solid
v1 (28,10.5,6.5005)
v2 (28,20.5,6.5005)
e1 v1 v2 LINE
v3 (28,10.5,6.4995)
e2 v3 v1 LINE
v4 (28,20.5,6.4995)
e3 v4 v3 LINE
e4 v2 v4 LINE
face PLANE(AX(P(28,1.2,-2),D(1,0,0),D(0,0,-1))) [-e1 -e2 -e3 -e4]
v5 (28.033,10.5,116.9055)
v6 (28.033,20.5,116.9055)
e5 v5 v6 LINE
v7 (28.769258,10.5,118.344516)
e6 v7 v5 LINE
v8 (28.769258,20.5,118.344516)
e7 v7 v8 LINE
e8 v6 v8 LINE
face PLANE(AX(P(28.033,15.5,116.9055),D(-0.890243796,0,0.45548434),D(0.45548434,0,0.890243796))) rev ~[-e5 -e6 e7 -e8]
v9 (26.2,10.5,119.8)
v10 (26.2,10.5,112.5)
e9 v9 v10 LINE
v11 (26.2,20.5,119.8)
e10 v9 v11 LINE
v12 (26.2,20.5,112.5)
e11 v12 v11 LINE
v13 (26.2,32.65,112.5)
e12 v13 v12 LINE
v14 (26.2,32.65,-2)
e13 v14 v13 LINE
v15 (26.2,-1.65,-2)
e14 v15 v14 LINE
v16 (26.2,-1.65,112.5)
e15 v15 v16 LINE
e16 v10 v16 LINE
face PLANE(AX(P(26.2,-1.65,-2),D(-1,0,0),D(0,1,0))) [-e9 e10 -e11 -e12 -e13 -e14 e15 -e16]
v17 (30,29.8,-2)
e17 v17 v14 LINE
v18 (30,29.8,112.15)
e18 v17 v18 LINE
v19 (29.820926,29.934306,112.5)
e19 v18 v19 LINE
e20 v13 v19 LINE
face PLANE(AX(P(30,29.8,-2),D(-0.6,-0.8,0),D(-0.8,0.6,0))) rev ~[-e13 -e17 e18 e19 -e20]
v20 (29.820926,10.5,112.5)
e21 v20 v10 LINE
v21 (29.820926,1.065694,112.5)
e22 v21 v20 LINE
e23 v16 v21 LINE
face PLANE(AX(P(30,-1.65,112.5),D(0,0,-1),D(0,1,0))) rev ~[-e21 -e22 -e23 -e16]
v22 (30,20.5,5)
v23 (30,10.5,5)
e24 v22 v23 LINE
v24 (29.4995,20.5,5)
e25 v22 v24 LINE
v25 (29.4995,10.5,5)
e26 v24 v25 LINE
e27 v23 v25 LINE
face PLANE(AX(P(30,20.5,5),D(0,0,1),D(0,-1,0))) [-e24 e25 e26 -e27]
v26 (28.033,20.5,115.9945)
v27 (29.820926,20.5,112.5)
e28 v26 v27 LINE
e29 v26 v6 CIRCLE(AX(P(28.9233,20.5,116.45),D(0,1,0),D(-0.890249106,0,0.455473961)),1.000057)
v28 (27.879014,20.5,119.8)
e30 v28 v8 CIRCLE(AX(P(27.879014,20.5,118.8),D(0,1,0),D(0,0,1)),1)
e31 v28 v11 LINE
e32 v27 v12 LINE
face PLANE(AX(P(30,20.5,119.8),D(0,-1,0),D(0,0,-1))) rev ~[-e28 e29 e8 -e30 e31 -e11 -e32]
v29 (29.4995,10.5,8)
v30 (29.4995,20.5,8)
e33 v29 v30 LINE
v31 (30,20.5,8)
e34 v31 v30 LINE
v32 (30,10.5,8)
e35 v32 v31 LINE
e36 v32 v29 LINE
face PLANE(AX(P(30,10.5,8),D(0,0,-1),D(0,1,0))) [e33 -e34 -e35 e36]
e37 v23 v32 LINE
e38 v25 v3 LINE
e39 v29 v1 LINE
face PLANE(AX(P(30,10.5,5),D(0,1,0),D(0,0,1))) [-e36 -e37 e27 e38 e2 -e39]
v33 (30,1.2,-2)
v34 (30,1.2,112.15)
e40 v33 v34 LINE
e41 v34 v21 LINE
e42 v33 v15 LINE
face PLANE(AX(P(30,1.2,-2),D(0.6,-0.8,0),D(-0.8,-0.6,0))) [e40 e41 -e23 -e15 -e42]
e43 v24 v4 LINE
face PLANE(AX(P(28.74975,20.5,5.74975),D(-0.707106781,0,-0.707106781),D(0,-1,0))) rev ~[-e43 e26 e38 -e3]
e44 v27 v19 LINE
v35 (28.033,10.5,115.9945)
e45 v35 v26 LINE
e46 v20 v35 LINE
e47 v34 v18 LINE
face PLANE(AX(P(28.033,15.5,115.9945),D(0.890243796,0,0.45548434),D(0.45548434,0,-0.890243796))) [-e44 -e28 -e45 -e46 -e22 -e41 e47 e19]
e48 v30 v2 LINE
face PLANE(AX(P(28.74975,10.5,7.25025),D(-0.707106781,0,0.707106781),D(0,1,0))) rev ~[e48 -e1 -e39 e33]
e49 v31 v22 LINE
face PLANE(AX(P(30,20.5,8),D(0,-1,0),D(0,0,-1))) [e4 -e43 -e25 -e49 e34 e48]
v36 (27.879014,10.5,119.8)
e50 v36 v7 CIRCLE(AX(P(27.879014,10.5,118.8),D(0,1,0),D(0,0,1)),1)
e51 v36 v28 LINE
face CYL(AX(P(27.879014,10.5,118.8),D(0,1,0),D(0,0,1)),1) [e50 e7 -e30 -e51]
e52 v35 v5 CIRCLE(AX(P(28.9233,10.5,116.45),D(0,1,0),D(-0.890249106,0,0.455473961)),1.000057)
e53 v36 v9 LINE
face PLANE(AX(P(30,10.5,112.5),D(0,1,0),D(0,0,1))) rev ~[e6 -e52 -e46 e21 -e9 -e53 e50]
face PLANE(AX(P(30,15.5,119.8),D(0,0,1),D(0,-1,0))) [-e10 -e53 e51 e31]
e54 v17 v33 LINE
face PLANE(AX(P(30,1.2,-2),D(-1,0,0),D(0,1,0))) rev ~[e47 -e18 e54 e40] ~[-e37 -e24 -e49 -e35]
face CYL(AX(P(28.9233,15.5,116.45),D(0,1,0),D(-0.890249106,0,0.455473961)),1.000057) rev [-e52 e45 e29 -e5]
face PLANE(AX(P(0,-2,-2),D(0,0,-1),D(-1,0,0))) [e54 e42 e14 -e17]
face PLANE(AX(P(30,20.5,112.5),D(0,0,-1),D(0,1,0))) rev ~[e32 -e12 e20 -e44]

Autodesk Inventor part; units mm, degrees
ref_plane "YZ Plane" through (0, 0, 0) normal (1, 0, 0) x (0, 1, 0)
ref_plane "Work Plane3" through (0, -2, -2) normal (0, 0, -1) x (-1, 0, 0)
sketch "Sketch4" plane through (0, -2, -2) normal (0, 0, -1) x (-1, 0, 0)
  line L0 (-30, 2) -> (-30, 3) projected
  line L1 (3, -2) -> (-26, -2) projected
  line L2 (7, 2) -> (7, 33) projected
  line L3 (3, 37) -> (-26, 37) projected
  line L4 (-27, 17.5) -> (-42, 17.5)
  line L5 (-30, 3.2) -> (-26, 0.2)
  line L6 (-26.2, 0.2) -> (-26.2, 17.5)
  line L7 (-30, 3.2) -> (-30, 17.5)
  line L8 (-30, 31.8) -> (-26, 34.8)
  line L9 (-26.2, 34.8) -> (-26.2, 17.5)
  line L10 (-30, 31.8) -> (-30, 17.5)
  arc A0 (3, -2) -> (7, 2) centre (3, 2) ccw projected
  arc A1 (7, 33) -> (3, 37) centre (3, 33) ccw projected
  arc A2 (-26, 37) -> (-30, 33) centre (-26, 33) ccw projected
  arc A3 (-30, 2) -> (-26, -2) centre (-26, 2) ccw projected
  line L11 (-30, 32) -> (-30, 33) projected
  line L12 (-26, 35) -> (-26, 0) projected
  line L13 (-26, 0) -> (-30, 3) projected
  line L14 (-26.2, 3.2) -> (-25.2, 3.2)
  line L15 (-25.2, 3.2) -> (-25.2, 17.5)
  line L16 (-26.2, 31.8) -> (-25.2, 31.8)
  line L17 (-25.2, 31.8) -> (-25.2, 17.5)
  line L18 (-30, 32) -> (-26, 35) projected
  circle A4 centre (-11.5, 17.5) radius 8 projected
  point P0 (0, 2)
  point P1 (-26.2, 0.35)
  point P2 (-26.2, 34.65)
  point P3 (-26.2, 31.8)
  dimension "d55" = 1
  dimension "d56" = 4
  dimension "d57" = 3
  dimension "d58" = 0.2
  dimension "d59" = 3.8
extrude "Whole Cover" add sketch "Sketch4" against normal blind 122 contours L5 L7 L10 L8 L9 L6
ref_plane "Work Plane4" through (0, 15.5, 120) normal (0, -1, 0) x (0, 0, -1)
sketch "Sketch5" plane through (0, 15.5, 120) normal (0, -1, 0) x (0, 0, -1)
  line L0 (122, 30) -> (0, 30) projected
  line L1 (122, 26.2) -> (0, 26.2) projected
  line L2 (0, 26.2) -> (0, 30)
  line L3 (7.85, 30) -> (-0.75, 30)
  line L4 (3.55, 30) -> (3.55, 27.8)
  line L5 (3.0945, 28.033) -> (-0.75, 30)
  line L6 (4.0055, 28.033) -> (7.85, 30)
  arc A0 (3.0945, 28.033) -> (4.0055, 28.033) centre (3.55, 28.9233) ccw
  point P0 (120, 0)
  point P1 (0, 29.6163)
  point P2 (0, 30)
  dimension "d45" = 8.6
  dimension "d47" = 2.2
  dimension "d48" = 1
extrude "Snap fit" cut sketch "Sketch5" along normal through all both and the other way through all
sketch "Sketch6" plane through (30, 1.2, -2) normal (1, 0, 0) x (0, 0, -1)
  line L0 (0, -2.85) -> (0, 31.45) projected
  line L1 (0, 14.3) -> (-7, 14.3) construction
  line L2 (-7, 9.3) -> (-10, 9.3)
  line L3 (-10, 9.3) -> (-10, 19.3)
  line L4 (-10, 19.3) -> (-7, 19.3)
  line L5 (-7, 19.3) -> (-7, 9.3)
  point P0 (-2, -1.2)
  dimension "d15" = 3
  dimension "d16" = 10
  dimension "d17" = 7
extrude "Grip" cut sketch "Sketch6" against normal blind 2
chamfer "Grip Chamfer" distance 1.5 angle 45 2 edges at (28, 15.5, 8) (28, 15.5, 5)
sketch "Sketch9" plane through (30, 1.2, -2) normal (1, 0, 0) x (0, 0, -1)
  line L0 (0, 0) -> (-122, 0) projected
  line L1 (-122, 31.45) -> (-122, -2.85) projected
  line L2 (-122, 14.3) -> (-114.6731, 14.3)
  line L3 (0, -2.85) -> (-122, -2.85) projected
  line L4 (-122, -2.85) -> (-114.5, -2.85)
  line L5 (-114.5, -2.85) -> (-114.5, 0.15)
  line L6 (-114.5, 0.15) -> (-122, 0.15)
  line L7 (-122, 0.15) -> (-122, -2.85)
  line L8 (-122, 31.45) -> (-114.5, 31.45)
  line L9 (-114.5, 31.45) -> (-114.5, 28.45)
  line L10 (-114.5, 28.45) -> (-122, 28.45)
  line L11 (-122, 28.45) -> (-122, 31.45)
  line L12 (-122, 28.45) -> (-121.8, 28.45)
  line L13 (-121.8, 28.45) -> (-121.8, 0.15)
  line L14 (-121.8, 0.15) -> (-122, 0.15)
  line L15 (-122, 0.15) -> (-122, 28.45)
  line L16 (-117.25, 0.15) -> (-117.25, -2.85)
  line L17 (-117.25, 28.45) -> (-117.25, 31.45)
  line L18 (-114.5, 9.3) -> (-122.5, 9.3)
  line L19 (-122.5, 9.3) -> (-122.5, 19.3)
  line L20 (-122.5, 19.3) -> (-114.5, 19.3)
  line L21 (-114.5, 19.3) -> (-114.5, 9.3)
  line L22 (-114.5, 0.15) -> (-114.5, 9.3)
  line L23 (-114.5, 19.3) -> (-114.5, 28.45)
  point P0 (-2, -1.2)
  point P1 (-117.25, 0)
  point P2 (-117.25, 28.6)
  point P3 (-122, 28.6)
  point P4 (-117.25, 0)
  point P5 (-114.5, 0)
  point P6 (-121.8, 9.3)
  point P7 (-121.8, 19.3)
  dimension "d41" = 7.5
  dimension "d42" = 3
  dimension "d43" = 0.2
  dimension "d44" = 2.75
  dimension "d49" = 8
  dimension "d50" = 10
extrude "Corner Cut" cut sketch "Sketch9" against normal through all contours L5 L3 L16 L0 | L0 L16 L6 L5 | L16 L3 L1 L0 | L0 L1 L6 L16 | L6 L13 L18 L22 | L1 L18 L13 L6 | L18 L1 L2 L13 | L20 L13 L10 L23 | L2 L1 L20 L13 | L20 L1 L10 L13 | L10 L17 L8 L9 | L10 L1 L8 L17
fillet "Fillet5" radius 1 1 edges at (29.514, 15.5, 119.8)
properties part number "enclosure cover_3DPrint"
